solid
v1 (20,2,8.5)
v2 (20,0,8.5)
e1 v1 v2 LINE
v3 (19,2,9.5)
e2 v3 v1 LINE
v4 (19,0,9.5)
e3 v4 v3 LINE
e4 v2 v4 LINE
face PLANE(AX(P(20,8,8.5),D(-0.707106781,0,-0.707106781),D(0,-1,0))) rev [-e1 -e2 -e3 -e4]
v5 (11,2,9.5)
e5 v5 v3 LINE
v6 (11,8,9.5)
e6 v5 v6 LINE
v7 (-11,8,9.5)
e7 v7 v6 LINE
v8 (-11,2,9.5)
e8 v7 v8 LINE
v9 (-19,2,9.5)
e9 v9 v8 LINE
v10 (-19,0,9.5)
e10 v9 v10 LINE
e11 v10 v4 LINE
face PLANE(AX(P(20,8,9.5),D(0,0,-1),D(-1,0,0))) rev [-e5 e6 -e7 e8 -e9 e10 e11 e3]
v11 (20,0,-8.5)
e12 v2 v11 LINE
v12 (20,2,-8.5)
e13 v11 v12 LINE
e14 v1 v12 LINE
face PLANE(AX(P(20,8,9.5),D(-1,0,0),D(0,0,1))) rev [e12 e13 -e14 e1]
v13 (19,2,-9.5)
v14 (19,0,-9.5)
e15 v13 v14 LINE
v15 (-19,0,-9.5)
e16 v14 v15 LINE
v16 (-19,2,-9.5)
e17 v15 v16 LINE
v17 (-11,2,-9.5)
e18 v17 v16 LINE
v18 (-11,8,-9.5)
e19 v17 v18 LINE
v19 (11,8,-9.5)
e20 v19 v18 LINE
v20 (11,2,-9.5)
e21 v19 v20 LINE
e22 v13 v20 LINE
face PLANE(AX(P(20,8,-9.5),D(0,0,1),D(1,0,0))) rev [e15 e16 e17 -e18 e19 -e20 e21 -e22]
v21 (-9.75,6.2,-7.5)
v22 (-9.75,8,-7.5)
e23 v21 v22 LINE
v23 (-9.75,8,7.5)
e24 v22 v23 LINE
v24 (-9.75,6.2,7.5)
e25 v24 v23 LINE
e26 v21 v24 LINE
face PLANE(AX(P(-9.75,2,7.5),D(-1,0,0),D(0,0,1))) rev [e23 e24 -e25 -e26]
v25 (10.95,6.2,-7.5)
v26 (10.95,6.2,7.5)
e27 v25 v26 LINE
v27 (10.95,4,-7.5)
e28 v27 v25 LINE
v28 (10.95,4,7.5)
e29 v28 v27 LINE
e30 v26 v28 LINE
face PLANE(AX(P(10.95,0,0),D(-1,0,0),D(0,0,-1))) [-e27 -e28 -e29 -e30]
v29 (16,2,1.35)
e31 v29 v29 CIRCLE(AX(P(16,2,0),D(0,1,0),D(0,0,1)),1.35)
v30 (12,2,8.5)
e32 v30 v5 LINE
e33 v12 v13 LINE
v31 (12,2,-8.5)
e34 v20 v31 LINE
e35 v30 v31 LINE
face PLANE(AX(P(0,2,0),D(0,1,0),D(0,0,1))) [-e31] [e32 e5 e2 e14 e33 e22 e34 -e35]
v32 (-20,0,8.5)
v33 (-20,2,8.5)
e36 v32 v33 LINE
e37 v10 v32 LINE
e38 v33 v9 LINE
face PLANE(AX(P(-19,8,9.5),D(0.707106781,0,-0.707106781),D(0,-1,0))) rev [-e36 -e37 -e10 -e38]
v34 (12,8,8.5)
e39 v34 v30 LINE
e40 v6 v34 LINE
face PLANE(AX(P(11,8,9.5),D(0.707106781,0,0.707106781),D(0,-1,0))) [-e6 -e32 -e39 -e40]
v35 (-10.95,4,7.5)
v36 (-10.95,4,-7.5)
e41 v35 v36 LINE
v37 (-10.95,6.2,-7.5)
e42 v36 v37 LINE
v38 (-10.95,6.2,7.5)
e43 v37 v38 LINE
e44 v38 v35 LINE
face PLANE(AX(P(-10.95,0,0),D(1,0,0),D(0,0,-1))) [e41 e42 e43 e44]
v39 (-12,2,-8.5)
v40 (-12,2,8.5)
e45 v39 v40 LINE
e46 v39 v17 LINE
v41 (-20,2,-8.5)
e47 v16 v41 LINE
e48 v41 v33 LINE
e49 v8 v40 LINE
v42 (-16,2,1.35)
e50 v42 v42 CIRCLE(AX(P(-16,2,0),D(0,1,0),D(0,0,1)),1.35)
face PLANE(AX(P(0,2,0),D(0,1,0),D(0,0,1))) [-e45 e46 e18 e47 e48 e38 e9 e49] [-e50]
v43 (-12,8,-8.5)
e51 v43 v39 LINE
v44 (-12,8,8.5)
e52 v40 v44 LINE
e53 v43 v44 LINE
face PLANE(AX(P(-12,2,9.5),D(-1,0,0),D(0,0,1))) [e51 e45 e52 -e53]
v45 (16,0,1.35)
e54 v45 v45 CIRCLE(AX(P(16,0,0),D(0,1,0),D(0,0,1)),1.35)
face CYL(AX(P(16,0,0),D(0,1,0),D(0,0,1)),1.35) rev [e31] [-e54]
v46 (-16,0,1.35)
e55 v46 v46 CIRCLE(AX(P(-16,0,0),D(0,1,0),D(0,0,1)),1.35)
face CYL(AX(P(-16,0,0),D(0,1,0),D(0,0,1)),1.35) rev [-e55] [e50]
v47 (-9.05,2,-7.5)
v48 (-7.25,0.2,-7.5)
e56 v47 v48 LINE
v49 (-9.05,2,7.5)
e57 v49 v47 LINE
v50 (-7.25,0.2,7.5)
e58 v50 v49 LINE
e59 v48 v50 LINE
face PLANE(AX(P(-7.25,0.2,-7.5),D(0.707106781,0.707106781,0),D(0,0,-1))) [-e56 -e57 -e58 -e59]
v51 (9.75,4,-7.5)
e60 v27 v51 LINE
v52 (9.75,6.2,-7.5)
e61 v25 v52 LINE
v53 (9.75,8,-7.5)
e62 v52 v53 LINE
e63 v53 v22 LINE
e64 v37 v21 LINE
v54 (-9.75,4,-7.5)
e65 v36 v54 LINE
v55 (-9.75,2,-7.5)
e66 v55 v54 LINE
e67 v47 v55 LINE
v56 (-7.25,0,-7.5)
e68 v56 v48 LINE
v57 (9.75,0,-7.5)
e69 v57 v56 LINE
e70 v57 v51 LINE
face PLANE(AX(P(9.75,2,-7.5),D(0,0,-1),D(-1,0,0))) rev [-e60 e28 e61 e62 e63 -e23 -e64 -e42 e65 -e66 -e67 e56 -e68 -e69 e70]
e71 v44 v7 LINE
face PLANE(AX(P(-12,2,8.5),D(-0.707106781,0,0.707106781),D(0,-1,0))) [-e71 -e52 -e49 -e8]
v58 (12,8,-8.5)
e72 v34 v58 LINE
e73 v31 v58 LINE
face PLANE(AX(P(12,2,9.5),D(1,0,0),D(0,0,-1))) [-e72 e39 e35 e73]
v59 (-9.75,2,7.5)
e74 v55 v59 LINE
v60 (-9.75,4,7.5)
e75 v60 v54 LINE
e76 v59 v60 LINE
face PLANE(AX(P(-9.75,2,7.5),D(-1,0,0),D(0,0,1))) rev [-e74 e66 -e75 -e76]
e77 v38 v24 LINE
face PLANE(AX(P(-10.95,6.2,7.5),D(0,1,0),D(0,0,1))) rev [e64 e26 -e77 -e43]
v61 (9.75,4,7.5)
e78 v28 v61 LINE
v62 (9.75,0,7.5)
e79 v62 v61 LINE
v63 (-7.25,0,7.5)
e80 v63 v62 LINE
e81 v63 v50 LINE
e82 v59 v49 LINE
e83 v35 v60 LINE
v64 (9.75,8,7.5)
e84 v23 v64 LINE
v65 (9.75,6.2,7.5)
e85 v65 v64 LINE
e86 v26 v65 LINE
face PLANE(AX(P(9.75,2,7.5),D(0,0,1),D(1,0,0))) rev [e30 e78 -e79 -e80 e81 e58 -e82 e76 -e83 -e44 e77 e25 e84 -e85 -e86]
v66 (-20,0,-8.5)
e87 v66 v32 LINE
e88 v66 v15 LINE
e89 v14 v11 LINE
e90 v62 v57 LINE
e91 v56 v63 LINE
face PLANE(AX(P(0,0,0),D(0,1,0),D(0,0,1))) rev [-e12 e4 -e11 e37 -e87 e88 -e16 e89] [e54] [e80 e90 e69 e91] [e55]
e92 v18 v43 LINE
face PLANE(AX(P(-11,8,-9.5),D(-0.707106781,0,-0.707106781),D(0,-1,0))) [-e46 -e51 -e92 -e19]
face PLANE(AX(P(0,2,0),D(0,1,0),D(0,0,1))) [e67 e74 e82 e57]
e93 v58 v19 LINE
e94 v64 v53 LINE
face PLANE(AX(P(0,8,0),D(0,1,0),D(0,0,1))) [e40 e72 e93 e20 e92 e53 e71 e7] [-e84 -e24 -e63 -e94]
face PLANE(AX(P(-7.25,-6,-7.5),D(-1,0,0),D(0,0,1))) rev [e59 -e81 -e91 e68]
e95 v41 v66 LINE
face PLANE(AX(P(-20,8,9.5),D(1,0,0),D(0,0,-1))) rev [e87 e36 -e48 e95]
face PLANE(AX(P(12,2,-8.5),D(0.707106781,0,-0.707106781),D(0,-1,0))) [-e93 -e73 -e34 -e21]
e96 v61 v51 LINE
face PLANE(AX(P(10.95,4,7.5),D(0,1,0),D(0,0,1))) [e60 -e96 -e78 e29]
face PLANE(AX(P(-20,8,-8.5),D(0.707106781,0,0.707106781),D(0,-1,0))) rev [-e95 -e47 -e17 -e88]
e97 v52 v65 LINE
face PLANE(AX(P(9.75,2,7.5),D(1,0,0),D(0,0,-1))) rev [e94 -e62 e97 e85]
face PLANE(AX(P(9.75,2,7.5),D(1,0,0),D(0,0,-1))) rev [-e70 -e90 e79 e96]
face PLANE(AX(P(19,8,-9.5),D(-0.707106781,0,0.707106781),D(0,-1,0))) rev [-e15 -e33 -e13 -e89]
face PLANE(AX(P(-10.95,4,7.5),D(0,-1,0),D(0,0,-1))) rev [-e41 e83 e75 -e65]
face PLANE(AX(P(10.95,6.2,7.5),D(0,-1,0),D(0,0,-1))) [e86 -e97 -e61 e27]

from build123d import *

# Parameters (mm, degrees)
SKETCH_1_W          = 40
SKETCH_1_H          = 19
EXTRUDE_1_DEPTH     = 8
SKETCH_2_W          = 42
SKETCH_2_H          = 21
SKETCH_2_W_2        = 24
SKETCH_2_H_2        = 19
CUT_EXTRUDE_1_DEPTH = 6
SKETCH_3_W          = 19.5
SKETCH_3_H          = 15
CUT_EXTRUDE_2_DEPTH = 6
SKETCH_5_W          = 17
SKETCH_5_H          = 15
CUT_EXTRUDE_3_DEPTH = 8
SKETCH_6_W          = 15
SKETCH_6_H          = 2.2
CUT_EXTRUDE_4_DEPTH = 1.2
CHAMFER_1_SIZE      = 1.8
CHAMFER_2_SIZE      = 1
CHAMFER_3_SIZE      = 1
SKETCH_7_R          = 1.35
CUT_EXTRUDE_5_DEPTH = 23.940139494


with BuildPart() as part:
    # Эскиз1 → Бобышка-Вытянуть1 (new body)
    with BuildSketch(Plane(origin=(0, 0, 0), x_dir=(1, 0, 0), z_dir=(0, 1, 0))):
        Rectangle(SKETCH_1_W, SKETCH_1_H)
    extrude(amount=EXTRUDE_1_DEPTH)

    # Эскиз2 → Вырез-Вытянуть1 (cut)
    with BuildSketch(Plane(origin=(0, 8, 0), x_dir=(1, 0, 0), z_dir=(0, 1, 0))):
        Rectangle(SKETCH_2_W, SKETCH_2_H)
        Rectangle(SKETCH_2_W_2, SKETCH_2_H_2, mode=Mode.SUBTRACT)
    extrude(amount=-CUT_EXTRUDE_1_DEPTH, mode=Mode.SUBTRACT)

    # Эскиз3 → Вырез-Вытянуть2 (cut)
    with BuildSketch(Plane(origin=(0, 8, 0), x_dir=(1, 0, 0), z_dir=(0, 1, 0))):
        Rectangle(SKETCH_3_W, SKETCH_3_H)
    extrude(amount=-CUT_EXTRUDE_2_DEPTH, mode=Mode.SUBTRACT)

    # Эскиз5 → Вырез-Вытянуть3 (cut)
    with BuildSketch(Plane(origin=(0, 2, 0), x_dir=(1, 0, 0), z_dir=(0, 1, 0))):
        with Locations((1.25, 0)):
            Rectangle(SKETCH_5_W, SKETCH_5_H)
    extrude(amount=-CUT_EXTRUDE_3_DEPTH, mode=Mode.SUBTRACT)

    # Эскиз6 → Вырез-Вытянуть4 (cut)
    with BuildSketch(Plane(origin=(-9.75, 0, 0), x_dir=(0, 0, -1), z_dir=(1, 0, 0))):
        with Locations((0, 5.1)):
            Rectangle(SKETCH_6_W, SKETCH_6_H)
    cut_extrude_4 = extrude(amount=-CUT_EXTRUDE_4_DEPTH, mode=Mode.SUBTRACT)

    # Зеркальное отражение1: Вырез-Вытянуть4 across plane
    add(cut_extrude_4.mirror(Plane(origin=(0, 0, 0), x_dir=(0, 0, 1), z_dir=(1, 0, 0))), mode=Mode.SUBTRACT)

    # Фаска1
    chamfer_1_edges = [part.edges().sort_by_distance(p)[0] for p in [
        (-7.25, 2, 0),
    ]]
    chamfer(chamfer_1_edges, length=CHAMFER_1_SIZE)

    # Фаска2
    chamfer_2_edges = [part.edges().sort_by_distance(p)[0] for p in [
        (-12, 5, -9.5),
        (12, 5, -9.5),
        (12, 5, 9.5),
        (-12, 5, 9.5),
    ]]
    chamfer(chamfer_2_edges, length=CHAMFER_2_SIZE)

    # Фаска3
    chamfer_3_edges = [part.edges().sort_by_distance(p)[0] for p in [
        (-20, 1, -9.5),
        (20, 1, -9.5),
        (20, 1, 9.5),
        (-20, 1, 9.5),
    ]]
    chamfer(chamfer_3_edges, length=CHAMFER_3_SIZE)

    # Эскиз7 → Вырез-Вытянуть5 (cut, through all)
    with BuildSketch(Plane(origin=(0, 2, 0), x_dir=(1, 0, 0), z_dir=(0, 1, 0))):
        with Locations(Location((-16, 0, 0), (0, 0, 270))):
            Circle(SKETCH_7_R)
        with Locations(Location((16, 0, 0), (0, 0, 270))):
            Circle(SKETCH_7_R)
    extrude(amount=-CUT_EXTRUDE_5_DEPTH, mode=Mode.SUBTRACT)


solid = part.part
